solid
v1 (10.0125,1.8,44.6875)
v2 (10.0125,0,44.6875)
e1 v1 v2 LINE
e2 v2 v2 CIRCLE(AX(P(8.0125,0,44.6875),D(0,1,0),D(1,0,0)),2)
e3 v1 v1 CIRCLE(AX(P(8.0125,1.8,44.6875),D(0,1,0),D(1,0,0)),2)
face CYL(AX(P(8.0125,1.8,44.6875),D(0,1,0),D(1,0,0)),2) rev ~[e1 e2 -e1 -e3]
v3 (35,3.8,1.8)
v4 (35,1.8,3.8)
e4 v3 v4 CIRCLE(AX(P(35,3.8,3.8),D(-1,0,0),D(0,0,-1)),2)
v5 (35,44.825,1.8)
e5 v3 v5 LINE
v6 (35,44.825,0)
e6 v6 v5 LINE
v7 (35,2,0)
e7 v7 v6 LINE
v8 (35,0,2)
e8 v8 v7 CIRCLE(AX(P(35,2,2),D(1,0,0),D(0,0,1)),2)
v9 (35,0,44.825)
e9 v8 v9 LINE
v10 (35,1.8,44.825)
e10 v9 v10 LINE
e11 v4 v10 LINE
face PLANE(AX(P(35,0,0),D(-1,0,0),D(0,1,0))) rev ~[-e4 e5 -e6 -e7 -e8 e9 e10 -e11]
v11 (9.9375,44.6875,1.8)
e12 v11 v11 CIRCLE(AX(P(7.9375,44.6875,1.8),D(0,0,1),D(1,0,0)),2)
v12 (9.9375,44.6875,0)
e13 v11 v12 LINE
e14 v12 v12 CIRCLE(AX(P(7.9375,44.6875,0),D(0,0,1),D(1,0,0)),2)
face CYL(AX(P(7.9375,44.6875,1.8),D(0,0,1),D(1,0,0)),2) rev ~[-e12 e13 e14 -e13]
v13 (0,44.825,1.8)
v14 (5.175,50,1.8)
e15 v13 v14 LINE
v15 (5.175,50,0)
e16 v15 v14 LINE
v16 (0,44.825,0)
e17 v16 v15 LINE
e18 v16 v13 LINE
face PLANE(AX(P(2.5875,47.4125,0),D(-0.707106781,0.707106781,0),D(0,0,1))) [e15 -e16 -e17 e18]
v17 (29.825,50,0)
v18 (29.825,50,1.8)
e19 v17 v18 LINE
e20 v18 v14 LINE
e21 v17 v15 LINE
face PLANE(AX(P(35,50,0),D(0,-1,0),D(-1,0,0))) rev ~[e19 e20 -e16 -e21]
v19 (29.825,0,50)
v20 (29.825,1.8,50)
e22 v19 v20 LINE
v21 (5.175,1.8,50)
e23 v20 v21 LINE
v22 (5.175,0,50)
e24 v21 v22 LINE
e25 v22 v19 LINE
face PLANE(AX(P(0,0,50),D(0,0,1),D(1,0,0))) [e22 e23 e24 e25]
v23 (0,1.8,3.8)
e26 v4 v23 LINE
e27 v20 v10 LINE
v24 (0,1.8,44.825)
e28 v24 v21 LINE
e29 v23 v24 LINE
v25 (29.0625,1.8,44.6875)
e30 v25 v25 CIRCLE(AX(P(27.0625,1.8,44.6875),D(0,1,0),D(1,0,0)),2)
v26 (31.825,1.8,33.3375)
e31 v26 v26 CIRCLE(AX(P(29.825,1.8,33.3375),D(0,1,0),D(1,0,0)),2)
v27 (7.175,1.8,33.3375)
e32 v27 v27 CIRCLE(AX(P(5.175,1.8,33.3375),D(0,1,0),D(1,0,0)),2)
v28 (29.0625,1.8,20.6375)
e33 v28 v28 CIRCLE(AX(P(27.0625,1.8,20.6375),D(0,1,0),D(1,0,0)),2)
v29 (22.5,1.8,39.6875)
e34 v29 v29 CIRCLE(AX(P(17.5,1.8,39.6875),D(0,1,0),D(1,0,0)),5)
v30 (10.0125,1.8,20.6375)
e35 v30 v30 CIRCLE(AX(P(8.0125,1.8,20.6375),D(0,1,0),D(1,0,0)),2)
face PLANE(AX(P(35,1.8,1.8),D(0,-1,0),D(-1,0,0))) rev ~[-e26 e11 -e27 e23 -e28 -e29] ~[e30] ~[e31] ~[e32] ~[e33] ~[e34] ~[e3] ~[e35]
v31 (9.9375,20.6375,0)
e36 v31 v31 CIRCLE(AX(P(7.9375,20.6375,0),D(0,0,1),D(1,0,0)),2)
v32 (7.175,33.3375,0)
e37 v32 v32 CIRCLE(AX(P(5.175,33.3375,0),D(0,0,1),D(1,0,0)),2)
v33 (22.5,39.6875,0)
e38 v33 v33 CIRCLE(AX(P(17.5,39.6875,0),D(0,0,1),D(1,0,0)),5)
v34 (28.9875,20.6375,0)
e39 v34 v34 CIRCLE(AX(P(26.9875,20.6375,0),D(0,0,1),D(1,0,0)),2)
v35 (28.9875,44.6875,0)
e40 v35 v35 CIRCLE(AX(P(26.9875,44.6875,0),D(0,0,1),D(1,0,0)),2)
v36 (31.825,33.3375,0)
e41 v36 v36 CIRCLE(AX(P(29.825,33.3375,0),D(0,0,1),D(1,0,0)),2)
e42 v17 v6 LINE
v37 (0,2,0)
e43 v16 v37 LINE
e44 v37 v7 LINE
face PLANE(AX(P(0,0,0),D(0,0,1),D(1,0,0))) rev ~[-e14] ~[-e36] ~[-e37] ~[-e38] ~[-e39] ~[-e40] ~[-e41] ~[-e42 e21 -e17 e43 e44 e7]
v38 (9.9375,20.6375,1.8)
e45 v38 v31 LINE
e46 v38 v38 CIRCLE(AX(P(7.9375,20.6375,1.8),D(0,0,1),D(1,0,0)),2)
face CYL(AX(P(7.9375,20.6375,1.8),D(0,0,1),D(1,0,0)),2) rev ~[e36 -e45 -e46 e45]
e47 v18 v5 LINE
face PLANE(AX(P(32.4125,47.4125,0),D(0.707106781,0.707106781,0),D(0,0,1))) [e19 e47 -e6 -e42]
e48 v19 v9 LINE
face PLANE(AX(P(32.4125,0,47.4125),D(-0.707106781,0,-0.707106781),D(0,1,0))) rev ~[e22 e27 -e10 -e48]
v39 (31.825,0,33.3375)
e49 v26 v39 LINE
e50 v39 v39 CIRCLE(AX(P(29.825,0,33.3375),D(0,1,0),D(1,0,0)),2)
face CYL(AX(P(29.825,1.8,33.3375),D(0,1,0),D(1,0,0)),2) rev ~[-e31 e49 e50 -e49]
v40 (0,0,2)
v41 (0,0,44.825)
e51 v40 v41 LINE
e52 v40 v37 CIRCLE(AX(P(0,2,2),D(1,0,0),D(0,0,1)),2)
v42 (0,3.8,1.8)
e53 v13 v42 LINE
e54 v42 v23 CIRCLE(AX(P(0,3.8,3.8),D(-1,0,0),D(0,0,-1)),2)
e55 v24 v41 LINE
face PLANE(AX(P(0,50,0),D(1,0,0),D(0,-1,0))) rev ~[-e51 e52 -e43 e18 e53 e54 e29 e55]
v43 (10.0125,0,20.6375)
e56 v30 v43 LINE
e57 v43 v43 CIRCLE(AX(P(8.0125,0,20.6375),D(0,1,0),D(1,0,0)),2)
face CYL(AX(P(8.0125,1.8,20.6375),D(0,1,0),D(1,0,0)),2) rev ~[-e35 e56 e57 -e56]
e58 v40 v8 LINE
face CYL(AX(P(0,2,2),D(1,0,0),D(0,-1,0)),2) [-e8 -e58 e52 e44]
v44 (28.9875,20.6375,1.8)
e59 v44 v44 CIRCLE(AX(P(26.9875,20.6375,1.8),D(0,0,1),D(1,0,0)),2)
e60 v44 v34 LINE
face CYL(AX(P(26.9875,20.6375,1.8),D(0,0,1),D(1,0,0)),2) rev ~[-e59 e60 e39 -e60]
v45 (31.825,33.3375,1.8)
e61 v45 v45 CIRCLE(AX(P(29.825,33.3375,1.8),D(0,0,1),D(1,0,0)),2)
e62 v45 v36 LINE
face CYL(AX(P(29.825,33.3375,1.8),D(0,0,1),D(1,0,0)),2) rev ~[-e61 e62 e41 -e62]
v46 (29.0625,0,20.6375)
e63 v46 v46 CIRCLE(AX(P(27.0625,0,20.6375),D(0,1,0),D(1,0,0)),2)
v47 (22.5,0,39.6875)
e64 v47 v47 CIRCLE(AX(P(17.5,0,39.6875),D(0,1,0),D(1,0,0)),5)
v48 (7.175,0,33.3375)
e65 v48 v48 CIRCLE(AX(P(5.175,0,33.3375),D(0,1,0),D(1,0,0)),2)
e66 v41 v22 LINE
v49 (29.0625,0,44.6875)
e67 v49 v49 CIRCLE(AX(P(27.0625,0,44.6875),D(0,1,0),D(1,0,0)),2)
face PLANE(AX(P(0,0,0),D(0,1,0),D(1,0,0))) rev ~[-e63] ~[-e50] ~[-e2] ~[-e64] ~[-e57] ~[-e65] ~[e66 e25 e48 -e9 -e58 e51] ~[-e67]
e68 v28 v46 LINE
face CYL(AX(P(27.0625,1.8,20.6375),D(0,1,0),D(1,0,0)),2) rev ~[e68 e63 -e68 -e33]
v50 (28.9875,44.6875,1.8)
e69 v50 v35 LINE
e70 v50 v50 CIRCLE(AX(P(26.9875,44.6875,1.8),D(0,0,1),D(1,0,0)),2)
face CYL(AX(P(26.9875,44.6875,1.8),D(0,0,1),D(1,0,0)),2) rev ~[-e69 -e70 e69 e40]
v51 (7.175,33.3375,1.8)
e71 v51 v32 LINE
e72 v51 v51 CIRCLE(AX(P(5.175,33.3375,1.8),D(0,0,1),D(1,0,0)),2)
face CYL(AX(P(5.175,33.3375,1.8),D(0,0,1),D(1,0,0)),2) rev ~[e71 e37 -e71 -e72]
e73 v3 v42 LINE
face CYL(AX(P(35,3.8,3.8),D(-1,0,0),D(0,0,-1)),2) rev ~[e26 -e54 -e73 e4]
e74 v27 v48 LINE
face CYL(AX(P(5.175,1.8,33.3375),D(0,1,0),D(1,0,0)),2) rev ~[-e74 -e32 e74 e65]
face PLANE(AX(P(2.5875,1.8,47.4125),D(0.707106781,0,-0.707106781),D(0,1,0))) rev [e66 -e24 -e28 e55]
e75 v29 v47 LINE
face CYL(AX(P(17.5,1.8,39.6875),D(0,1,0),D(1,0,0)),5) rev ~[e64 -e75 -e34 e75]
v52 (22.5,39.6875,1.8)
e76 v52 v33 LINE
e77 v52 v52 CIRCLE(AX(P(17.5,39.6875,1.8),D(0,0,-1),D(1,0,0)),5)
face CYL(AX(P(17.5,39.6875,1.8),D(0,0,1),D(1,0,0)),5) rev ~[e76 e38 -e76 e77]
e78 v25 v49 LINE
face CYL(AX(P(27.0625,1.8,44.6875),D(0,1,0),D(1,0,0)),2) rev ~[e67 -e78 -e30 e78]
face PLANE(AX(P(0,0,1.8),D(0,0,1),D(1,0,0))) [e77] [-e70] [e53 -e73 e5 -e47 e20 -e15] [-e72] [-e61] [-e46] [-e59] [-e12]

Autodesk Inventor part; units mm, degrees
ref_plane "YZ Plane" through (0, 0, 0) normal (1, 0, 0) x (0, 1, 0)
ref_plane "XZ Plane" through (0, 0, 0) normal (0, 1, 0) x (-1, 0, 0)
ref_plane "XY Plane" through (0, 0, 0) normal (0, 0, 1) x (1, 0, 0)
sketch "Эскиз1" plane through (0, 0, 0) normal (0, 0, 1) x (1, 0, 0)
  line L0 (0, 0) -> (35, 0)
  line L1 (35, 0) -> (35, 50)
  line L2 (35, 50) -> (0, 50)
  line L3 (0, 50) -> (0, 0)
  dimension "d0" = 35
  dimension "d1" = 50
extrude "Выдавливание1" add sketch "Эскиз1" along normal blind 1.8
sketch "Эскиз2" plane through (0, 0, 1.8) normal (0, 0, 1) x (1, 0, 0)
  line L0 (0, 0) -> (35, 0)
  line L1 (35, 0) -> (35, 1.8)
  line L2 (35, 1.8) -> (0, 1.8)
  line L3 (0, 1.8) -> (0, 0)
  dimension "d5" = 35
  dimension "d6" = 1.8
extrude "Выдавливание2" add sketch "Эскиз2" along normal blind 48.2
fillet "Сопряжение1" radius 2 2 edges at (17.5, 1.8, 1.8) (17.5, 0, 0)
chamfer "Фаска1" distance 5.175 angle 45 4 edges at (0, 50, 0.9) (0, 0.9, 50) (35, 0.9, 50) (35, 50, 0.9)
sketch "Эскиз3" plane through (0, 0, 1.8) normal (0, 0, 1) x (1, 0, 0)
  line L0 (29.825, 50) -> (5.175, 50) projected
  line L1 (17.5, 50) -> (17.5, 1.8)
  line L2 (0, 1.8) -> (35, 1.8) projected
  line L3 (29.825, 50) -> (5.175, 50) projected
  circle A0 centre (17.5, 39.6875) radius 5
  circle A1 centre (7.9375, 44.6875) radius 2
  circle A2 centre (26.9875, 44.6875) radius 2
  circle A3 centre (5.175, 33.3375) radius 2
  circle A4 centre (29.825, 33.3375) radius 2
  circle A5 centre (7.9375, 20.6375) radius 2
  circle A6 centre (26.9875, 20.6375) radius 2
  point P0 (0, 0)
  dimension "d14" = 10
  dimension "d15" = 4
  dimension "d16" = 4
  dimension "d17" = 4
  dimension "d18" = 4
  dimension "d19" = 4
  dimension "d20" = 4
extrude "Выдавливание3" cut sketch "Эскиз3" against normal blind 48.2
sketch "Эскиз4" plane through (0, 1.8, 3.8) normal (0, 1, 0) x (1, 0, 0)
  line L0 (5.175, -46.2) -> (29.825, -46.2)
  line L1 (5.175, -46.2) -> (29.825, -46.2)
  circle A0 centre (17.5, -35.8875) radius 5
  circle A1 centre (27.0625, -40.8875) radius 2
  circle A2 centre (8.0125, -40.8875) radius 2
  circle A3 centre (29.825, -29.5375) radius 2
  circle A4 centre (5.175, -29.5375) radius 2
  circle A5 centre (27.0625, -16.8375) radius 2
  circle A6 centre (8.0125, -16.8375) radius 2
  line L2 (29.825, -46.2) -> (5.175, -46.2) projected
  point P0 (0, 3.8)
  point P1 (17.5, -46.2)
  dimension "d23" = 10
  dimension "d24" = 4
  dimension "d25" = 4
  dimension "d26" = 4
  dimension "d27" = 4
  dimension "d28" = 4
  dimension "d29" = 4
extrude "Выдавливание4" cut sketch "Эскиз4" against normal blind 48.2
properties part number "угол для катушки"
